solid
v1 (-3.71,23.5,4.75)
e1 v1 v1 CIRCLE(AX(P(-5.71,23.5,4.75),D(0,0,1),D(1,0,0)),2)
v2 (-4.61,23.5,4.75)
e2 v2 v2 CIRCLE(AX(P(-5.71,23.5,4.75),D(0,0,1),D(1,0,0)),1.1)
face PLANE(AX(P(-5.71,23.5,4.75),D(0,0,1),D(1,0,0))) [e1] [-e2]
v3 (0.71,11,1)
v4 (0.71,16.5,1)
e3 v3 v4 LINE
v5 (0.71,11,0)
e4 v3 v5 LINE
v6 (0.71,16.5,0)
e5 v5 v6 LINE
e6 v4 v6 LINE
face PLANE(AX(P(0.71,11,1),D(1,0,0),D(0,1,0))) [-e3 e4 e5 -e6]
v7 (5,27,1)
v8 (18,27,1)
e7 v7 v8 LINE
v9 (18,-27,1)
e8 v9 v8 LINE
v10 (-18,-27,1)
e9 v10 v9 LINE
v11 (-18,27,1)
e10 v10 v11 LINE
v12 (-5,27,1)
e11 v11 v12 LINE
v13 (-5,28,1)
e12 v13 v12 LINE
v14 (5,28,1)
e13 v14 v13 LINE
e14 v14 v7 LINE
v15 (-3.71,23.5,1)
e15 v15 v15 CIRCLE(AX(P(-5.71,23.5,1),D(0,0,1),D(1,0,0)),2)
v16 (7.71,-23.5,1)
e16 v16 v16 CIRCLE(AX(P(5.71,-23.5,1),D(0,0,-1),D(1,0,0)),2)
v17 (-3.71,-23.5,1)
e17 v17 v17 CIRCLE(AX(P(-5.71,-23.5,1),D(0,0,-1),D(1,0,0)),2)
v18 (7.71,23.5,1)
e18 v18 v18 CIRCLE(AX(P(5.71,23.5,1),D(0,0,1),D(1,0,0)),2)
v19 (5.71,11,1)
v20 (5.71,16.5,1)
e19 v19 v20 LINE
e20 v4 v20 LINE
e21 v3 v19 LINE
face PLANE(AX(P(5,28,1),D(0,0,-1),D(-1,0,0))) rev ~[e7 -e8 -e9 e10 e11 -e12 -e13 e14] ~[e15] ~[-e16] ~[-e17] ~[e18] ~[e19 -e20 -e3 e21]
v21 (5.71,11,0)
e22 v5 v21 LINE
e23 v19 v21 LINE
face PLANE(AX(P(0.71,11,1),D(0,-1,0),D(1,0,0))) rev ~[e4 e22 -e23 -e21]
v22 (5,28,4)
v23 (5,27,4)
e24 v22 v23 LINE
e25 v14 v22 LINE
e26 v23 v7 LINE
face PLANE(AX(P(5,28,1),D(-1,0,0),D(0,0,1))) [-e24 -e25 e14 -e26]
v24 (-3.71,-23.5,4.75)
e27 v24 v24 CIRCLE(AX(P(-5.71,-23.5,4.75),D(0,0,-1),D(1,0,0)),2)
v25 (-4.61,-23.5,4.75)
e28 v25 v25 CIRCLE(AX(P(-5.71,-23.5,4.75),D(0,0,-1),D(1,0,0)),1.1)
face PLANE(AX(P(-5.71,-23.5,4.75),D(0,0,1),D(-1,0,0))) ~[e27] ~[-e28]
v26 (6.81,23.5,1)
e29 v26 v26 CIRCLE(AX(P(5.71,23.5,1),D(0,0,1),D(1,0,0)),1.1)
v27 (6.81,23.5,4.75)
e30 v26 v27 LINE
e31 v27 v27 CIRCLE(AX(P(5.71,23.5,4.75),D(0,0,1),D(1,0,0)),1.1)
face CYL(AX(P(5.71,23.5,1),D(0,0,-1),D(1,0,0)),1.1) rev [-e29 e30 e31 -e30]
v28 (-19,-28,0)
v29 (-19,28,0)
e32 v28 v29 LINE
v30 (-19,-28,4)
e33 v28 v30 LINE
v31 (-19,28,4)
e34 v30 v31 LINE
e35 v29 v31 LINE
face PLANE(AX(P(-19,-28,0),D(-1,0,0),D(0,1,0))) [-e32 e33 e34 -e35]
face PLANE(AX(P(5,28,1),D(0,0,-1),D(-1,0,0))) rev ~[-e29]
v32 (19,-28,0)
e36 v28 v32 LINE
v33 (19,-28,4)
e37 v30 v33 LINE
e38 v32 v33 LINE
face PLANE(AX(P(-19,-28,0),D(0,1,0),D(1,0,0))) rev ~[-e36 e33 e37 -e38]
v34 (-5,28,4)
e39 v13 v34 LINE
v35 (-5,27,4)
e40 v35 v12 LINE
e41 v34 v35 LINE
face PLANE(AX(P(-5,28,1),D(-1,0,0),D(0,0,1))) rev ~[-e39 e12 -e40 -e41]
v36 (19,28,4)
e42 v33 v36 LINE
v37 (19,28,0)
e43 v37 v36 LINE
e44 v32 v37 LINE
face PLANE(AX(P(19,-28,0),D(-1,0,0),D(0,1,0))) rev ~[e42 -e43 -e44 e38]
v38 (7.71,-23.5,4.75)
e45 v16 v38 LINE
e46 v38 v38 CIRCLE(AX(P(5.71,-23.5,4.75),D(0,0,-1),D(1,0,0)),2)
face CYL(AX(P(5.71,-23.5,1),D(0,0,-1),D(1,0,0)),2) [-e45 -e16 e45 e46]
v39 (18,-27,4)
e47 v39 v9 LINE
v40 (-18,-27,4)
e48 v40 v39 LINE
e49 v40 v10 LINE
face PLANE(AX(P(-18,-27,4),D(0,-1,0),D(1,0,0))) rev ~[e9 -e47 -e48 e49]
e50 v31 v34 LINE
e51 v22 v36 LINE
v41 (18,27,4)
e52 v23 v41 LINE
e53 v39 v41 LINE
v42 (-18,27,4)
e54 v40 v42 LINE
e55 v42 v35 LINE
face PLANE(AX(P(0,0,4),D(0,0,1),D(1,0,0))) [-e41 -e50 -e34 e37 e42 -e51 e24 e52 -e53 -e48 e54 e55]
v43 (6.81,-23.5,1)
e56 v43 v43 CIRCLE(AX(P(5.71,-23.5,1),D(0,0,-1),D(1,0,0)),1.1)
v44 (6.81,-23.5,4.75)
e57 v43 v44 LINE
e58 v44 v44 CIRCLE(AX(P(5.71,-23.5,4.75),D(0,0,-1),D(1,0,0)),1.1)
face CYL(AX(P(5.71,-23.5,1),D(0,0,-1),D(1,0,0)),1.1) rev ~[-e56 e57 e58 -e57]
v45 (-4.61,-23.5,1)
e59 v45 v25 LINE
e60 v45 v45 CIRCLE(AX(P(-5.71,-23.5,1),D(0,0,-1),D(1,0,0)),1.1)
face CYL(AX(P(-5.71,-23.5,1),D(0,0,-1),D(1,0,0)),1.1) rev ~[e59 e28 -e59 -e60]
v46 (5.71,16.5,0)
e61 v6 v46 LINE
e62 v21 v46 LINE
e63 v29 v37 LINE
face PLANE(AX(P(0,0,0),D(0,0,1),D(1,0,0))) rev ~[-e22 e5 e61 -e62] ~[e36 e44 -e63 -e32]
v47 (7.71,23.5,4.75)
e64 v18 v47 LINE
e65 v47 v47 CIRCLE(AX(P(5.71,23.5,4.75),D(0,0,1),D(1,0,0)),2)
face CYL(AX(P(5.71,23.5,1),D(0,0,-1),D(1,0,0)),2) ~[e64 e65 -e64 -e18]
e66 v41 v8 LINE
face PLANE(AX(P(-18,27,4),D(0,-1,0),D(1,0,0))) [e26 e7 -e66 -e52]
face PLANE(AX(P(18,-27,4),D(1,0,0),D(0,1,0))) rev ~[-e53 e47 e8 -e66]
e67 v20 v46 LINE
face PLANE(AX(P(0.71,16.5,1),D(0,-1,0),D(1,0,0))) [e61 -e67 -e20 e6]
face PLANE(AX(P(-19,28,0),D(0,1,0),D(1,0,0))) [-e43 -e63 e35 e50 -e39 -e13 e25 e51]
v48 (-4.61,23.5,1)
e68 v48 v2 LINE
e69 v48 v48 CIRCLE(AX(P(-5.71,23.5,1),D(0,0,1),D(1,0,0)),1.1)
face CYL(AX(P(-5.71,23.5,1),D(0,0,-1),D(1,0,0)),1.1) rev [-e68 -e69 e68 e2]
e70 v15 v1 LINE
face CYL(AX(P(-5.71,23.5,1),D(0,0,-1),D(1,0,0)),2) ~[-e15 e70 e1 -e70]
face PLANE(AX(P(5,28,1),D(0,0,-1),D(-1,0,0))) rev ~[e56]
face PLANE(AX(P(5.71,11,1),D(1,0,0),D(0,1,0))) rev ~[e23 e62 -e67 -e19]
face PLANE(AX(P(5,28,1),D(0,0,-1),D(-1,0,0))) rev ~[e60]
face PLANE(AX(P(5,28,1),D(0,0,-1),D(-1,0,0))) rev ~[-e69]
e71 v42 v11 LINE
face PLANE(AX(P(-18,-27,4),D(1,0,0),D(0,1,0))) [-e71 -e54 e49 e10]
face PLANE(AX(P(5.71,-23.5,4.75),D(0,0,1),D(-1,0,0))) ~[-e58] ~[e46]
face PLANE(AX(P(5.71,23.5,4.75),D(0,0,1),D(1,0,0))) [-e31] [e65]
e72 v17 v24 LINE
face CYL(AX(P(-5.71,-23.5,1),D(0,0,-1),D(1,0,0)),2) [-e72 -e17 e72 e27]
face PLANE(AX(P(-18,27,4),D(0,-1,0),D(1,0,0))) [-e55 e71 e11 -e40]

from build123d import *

# Parameters (mm, degrees)
SKETCH034_W     = 38
SKETCH034_H     = 56
PAD020_DEPTH    = 4
SKETCH035_W     = 36
SKETCH035_H     = 54
POCKET008_DEPTH = 3
SKETCH036_W     = 10
SKETCH036_H     = 3
POCKET009_DEPTH = 5
SKETCH037_R     = 2
SKETCH037_R_2   = 1.1
PAD021_DEPTH    = 3.75
SKETCH039_W     = 5
SKETCH039_H     = 5.5
POCKET011_DEPTH = 5


with BuildPart() as part:
    # Sketch034 → Pad020 (new body)
    with BuildSketch(Plane.XY):
        Rectangle(SKETCH034_W, SKETCH034_H)
    extrude(amount=PAD020_DEPTH)

    # Sketch035 (on Face6 of Pad020) → Pocket008 (cut)
    with BuildSketch(Plane.XY.offset(4)):
        Rectangle(SKETCH035_W, SKETCH035_H)
    extrude(amount=-POCKET008_DEPTH, mode=Mode.SUBTRACT)

    # Sketch036 (on Face1 of Pocket008) → Pocket009 (cut)
    with BuildSketch(Plane(origin=(0, 28, 0), x_dir=(-1, 0, 0), z_dir=(0, 1, 0))):
        with Locations((0, 2.5)):
            Rectangle(SKETCH036_W, SKETCH036_H)
    extrude(amount=-POCKET009_DEPTH, mode=Mode.SUBTRACT)

    # Sketch037 (on Face14 of Pocket009) → Pad021 (join)
    with BuildSketch(Plane.XY.offset(1)):
        with Locations((-5.71, 23.5)):
            Circle(SKETCH037_R)
        with Locations((-5.71, 23.5)):
            Circle(SKETCH037_R_2, mode=Mode.SUBTRACT)
        with Locations((5.71, 23.5)):
            Circle(SKETCH037_R)
        with Locations((5.71, 23.5)):
            Circle(SKETCH037_R_2, mode=Mode.SUBTRACT)
    pad021 = extrude(amount=PAD021_DEPTH)

    # Mirrored010: Pad021 across XZ
    add(pad021.mirror(Plane.XZ))

    # Sketch039 (on Face6 of Mirrored010) → Pocket011 (cut)
    with BuildSketch(Plane.XY.offset(1)):
        with Locations((3.21, 13.75)):
            Rectangle(SKETCH039_W, SKETCH039_H)
    extrude(amount=-POCKET011_DEPTH, mode=Mode.SUBTRACT)


solid = part.part
